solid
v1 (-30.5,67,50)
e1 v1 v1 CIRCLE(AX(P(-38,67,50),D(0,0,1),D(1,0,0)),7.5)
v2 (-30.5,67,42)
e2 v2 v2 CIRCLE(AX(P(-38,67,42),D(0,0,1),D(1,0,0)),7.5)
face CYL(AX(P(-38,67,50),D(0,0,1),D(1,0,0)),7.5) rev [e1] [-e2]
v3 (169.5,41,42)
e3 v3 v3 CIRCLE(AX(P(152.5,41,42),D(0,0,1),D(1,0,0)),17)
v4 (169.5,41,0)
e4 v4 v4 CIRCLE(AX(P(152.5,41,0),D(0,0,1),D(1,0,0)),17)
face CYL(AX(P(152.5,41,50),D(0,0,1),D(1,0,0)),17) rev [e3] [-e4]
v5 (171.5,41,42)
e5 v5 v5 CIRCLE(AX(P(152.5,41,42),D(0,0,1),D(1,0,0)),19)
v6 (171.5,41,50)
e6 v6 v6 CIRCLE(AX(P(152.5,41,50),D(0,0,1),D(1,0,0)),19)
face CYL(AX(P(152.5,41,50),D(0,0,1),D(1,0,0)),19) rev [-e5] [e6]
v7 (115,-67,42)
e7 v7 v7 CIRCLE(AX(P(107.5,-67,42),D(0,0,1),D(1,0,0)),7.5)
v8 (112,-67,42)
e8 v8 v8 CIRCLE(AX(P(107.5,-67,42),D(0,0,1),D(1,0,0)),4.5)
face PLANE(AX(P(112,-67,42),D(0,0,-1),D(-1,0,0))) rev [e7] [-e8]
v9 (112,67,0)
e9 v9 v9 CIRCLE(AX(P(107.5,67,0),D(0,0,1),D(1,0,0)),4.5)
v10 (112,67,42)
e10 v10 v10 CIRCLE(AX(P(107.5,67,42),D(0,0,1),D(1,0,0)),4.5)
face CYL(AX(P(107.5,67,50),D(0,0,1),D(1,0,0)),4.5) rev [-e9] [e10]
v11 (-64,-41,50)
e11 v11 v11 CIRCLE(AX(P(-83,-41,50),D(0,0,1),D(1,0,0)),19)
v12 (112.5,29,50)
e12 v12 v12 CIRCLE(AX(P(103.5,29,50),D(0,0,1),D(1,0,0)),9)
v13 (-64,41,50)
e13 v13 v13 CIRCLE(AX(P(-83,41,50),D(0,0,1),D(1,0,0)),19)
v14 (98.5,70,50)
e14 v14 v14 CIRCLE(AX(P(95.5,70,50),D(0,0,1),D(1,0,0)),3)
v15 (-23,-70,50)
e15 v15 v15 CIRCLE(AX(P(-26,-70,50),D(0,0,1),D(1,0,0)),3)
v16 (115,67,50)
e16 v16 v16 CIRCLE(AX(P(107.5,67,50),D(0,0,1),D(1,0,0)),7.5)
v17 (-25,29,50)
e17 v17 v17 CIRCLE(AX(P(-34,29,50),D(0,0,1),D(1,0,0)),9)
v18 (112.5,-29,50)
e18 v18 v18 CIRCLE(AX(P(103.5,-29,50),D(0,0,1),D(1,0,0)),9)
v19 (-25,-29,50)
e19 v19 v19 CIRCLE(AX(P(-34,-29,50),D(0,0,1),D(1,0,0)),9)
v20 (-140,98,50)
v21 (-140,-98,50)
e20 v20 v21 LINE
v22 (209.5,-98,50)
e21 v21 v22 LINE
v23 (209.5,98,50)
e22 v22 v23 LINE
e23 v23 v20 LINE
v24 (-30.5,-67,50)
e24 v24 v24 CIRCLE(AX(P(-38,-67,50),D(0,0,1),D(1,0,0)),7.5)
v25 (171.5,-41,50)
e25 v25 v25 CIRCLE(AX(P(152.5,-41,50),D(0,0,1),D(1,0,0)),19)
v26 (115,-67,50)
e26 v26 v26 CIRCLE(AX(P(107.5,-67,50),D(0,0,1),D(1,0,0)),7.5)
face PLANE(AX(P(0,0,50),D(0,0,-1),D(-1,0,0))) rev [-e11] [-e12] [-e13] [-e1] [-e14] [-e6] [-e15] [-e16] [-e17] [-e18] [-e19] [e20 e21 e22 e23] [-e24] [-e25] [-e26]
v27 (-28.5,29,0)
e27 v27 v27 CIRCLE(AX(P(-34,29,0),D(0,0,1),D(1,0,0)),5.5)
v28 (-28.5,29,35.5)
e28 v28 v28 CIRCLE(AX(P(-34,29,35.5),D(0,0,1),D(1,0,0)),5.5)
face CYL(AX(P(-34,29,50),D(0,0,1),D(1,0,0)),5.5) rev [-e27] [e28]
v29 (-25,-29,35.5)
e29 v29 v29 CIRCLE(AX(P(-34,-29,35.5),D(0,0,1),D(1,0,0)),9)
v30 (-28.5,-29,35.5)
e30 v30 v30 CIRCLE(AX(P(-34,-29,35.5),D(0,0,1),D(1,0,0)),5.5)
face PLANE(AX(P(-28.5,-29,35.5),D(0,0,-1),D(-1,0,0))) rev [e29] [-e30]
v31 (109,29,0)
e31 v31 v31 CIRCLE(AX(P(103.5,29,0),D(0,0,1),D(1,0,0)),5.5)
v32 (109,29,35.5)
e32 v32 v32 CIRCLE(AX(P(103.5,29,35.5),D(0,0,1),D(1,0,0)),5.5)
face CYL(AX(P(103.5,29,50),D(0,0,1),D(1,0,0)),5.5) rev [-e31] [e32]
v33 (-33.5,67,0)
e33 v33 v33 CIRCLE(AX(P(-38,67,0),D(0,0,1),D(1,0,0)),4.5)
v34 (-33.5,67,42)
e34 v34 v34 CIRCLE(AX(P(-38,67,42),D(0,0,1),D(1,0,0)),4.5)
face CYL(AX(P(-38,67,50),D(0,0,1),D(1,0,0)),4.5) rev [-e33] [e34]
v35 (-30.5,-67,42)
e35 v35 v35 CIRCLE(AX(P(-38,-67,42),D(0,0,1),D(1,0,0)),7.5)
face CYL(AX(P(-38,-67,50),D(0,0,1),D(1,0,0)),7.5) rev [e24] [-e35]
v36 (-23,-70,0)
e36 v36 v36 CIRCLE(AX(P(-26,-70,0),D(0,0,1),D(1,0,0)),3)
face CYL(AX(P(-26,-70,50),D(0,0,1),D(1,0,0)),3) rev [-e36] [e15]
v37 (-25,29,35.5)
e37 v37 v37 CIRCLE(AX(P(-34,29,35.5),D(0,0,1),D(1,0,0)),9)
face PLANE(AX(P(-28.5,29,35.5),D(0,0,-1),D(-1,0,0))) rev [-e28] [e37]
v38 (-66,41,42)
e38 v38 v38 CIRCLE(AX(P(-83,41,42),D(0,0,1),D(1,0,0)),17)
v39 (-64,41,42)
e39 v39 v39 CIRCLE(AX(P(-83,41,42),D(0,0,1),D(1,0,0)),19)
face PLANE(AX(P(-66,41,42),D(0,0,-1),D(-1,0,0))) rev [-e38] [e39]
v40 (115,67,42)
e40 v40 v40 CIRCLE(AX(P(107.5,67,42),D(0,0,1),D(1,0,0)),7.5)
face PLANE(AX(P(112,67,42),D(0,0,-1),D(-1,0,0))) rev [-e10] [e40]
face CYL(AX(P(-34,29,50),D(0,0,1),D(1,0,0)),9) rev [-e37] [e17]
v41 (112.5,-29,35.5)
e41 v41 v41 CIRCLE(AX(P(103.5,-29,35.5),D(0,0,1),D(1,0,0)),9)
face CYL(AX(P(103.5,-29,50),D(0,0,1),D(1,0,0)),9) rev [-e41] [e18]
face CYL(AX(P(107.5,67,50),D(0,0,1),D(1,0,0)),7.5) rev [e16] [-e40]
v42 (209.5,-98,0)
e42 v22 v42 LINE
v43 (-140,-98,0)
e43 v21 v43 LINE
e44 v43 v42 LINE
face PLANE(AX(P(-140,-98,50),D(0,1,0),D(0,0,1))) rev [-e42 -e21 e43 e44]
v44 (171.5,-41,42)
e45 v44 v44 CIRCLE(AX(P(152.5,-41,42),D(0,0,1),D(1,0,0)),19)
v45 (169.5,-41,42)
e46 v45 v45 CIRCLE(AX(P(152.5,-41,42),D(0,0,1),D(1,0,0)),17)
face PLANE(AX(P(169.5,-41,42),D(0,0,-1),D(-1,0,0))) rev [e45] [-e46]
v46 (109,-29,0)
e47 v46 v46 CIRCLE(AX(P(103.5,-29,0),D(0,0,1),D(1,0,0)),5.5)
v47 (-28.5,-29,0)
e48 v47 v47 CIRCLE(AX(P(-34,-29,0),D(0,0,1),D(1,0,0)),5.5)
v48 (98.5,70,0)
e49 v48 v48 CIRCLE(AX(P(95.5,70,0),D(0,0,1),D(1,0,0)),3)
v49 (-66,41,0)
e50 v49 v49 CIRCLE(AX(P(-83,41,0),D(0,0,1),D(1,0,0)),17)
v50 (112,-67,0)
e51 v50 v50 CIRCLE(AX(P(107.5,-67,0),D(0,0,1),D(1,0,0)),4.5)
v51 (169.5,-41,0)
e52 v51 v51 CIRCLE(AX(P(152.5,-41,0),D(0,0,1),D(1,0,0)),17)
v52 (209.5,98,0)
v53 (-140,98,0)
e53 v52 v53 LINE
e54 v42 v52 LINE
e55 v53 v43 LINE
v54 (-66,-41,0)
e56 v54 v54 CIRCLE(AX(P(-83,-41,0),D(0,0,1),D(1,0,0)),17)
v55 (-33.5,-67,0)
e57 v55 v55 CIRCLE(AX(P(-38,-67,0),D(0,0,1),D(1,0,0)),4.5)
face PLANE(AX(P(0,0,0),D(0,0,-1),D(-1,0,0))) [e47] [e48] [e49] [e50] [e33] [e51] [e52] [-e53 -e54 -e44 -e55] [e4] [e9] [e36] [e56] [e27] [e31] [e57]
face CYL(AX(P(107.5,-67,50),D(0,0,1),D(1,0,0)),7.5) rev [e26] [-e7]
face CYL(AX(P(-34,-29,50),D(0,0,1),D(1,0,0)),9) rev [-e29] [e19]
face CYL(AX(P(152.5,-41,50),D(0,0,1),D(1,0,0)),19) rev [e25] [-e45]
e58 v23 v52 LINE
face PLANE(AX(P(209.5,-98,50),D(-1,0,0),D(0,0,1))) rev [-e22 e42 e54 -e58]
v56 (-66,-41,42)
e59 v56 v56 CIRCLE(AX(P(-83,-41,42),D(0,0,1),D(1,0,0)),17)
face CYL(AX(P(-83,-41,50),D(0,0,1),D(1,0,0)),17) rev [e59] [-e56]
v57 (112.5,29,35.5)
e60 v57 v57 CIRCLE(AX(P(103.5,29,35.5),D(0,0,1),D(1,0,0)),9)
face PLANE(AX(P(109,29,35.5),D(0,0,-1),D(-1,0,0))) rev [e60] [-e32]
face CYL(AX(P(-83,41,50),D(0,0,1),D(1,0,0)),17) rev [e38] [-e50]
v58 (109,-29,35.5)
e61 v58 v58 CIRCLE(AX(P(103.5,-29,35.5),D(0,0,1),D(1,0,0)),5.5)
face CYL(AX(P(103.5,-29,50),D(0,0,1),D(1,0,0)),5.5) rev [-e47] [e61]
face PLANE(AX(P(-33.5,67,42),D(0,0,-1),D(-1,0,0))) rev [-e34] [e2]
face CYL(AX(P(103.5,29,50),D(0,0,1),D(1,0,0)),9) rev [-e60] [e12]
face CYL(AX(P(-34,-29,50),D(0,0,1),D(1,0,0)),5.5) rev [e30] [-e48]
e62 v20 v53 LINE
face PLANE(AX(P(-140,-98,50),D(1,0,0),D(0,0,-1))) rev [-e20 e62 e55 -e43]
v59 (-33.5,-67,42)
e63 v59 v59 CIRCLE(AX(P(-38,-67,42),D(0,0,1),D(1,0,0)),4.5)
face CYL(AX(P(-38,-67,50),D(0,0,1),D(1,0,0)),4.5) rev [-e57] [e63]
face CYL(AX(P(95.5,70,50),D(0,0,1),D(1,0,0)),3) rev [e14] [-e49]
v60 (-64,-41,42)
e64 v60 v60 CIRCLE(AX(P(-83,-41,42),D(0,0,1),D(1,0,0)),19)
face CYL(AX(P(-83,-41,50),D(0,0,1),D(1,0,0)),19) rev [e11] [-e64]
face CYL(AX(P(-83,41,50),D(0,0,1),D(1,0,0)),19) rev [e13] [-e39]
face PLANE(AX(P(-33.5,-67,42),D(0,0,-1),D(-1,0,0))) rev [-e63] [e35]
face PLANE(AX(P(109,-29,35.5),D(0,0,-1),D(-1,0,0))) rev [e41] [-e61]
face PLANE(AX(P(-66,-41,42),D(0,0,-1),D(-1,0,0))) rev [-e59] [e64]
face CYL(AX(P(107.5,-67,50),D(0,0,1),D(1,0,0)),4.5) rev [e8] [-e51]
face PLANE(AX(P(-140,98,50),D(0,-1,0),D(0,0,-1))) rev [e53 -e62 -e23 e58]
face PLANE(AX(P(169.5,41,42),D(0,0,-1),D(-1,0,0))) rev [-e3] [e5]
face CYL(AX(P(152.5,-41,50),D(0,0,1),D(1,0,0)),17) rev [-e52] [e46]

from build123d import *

# Parameters (mm, degrees)
SKETCH1_W                       = 349.5
SKETCH1_H                       = 196
BOSS_EXTRUDE1_DEPTH             = 50
CBORE_FOR_M8_SHCS1_D            = 9
CBORE_FOR_M8_SHCS1_CBORE_D      = 15
CBORE_FOR_M8_SHCS1_CBORE_DEPTH  = 8
F_6_0MM_CLEARANCE_DOWEL_HOLE1_D = 6
CBORE_FOR_M10_SHSS1_D           = 11
CBORE_FOR_M10_SHSS1_CBORE_D     = 18
CBORE_FOR_M10_SHSS1_CBORE_DEPTH = 14.5
HOLE1_D                         = 34
HOLE1_CBORE_D                   = 38
HOLE1_CBORE_DEPTH               = 8


with BuildPart() as part:
    # Sketch1 → Boss-Extrude1 (new body)
    with BuildSketch(Plane.XY):
        with Locations((34.75, 0)):
            Rectangle(SKETCH1_W, SKETCH1_H)
    extrude(amount=BOSS_EXTRUDE1_DEPTH)

    # CBORE for M8 SHCS1 (through all)
    with Locations(Plane(origin=(0, 0, 50), x_dir=(0.9063077870366375, -0.42261826174072625, 0), z_dir=(0, 0, 1))):
        with Locations((125.743510643, -15.291158594), (69.11266357, 106.154084869), (-62.755119444, 44.663127785), (-6.124272371, -76.782115678)):
            CounterBoreHole(CBORE_FOR_M8_SHCS1_D / 2, CBORE_FOR_M8_SHCS1_CBORE_D / 2, CBORE_FOR_M8_SHCS1_CBORE_DEPTH)

    # Ø6.0mm Clearance Dowel Hole1 (through all)
    with Locations(Plane(origin=(0, 0, 50), x_dir=(0.9063077870366375, -0.42261826174072625, 0), z_dir=(0, 0, 1))):
        with Locations((56.96911534, 103.801589089), (6.019275859, -74.429619898)):
            Hole(F_6_0MM_CLEARANCE_DOWEL_HOLE1_D / 2)

    # CBORE for M10 SHSS1 (through all)
    with Locations(Plane(origin=(0, 0, 50), x_dir=(0.9063077870366375, -0.42261826174072625, 0), z_dir=(0, 0, 1))):
        with Locations((-43.07039435, 11.913904925), (-18.558535169, -40.651946723), (81.546926368, 70.023915914), (106.058785549, 17.458064266)):
            CounterBoreHole(CBORE_FOR_M10_SHSS1_D / 2, CBORE_FOR_M10_SHSS1_CBORE_D / 2, CBORE_FOR_M10_SHSS1_CBORE_DEPTH)

    # Hole1 (through all)
    with Locations(Plane(origin=(-83, 41, 50), x_dir=(1, 0, 0), z_dir=(0, 0, 1))):
        with Locations((0, 0), (0, -82), (235.5, 0), (235.5, -82)):
            CounterBoreHole(HOLE1_D / 2, HOLE1_CBORE_D / 2, HOLE1_CBORE_DEPTH)


solid = part.part
